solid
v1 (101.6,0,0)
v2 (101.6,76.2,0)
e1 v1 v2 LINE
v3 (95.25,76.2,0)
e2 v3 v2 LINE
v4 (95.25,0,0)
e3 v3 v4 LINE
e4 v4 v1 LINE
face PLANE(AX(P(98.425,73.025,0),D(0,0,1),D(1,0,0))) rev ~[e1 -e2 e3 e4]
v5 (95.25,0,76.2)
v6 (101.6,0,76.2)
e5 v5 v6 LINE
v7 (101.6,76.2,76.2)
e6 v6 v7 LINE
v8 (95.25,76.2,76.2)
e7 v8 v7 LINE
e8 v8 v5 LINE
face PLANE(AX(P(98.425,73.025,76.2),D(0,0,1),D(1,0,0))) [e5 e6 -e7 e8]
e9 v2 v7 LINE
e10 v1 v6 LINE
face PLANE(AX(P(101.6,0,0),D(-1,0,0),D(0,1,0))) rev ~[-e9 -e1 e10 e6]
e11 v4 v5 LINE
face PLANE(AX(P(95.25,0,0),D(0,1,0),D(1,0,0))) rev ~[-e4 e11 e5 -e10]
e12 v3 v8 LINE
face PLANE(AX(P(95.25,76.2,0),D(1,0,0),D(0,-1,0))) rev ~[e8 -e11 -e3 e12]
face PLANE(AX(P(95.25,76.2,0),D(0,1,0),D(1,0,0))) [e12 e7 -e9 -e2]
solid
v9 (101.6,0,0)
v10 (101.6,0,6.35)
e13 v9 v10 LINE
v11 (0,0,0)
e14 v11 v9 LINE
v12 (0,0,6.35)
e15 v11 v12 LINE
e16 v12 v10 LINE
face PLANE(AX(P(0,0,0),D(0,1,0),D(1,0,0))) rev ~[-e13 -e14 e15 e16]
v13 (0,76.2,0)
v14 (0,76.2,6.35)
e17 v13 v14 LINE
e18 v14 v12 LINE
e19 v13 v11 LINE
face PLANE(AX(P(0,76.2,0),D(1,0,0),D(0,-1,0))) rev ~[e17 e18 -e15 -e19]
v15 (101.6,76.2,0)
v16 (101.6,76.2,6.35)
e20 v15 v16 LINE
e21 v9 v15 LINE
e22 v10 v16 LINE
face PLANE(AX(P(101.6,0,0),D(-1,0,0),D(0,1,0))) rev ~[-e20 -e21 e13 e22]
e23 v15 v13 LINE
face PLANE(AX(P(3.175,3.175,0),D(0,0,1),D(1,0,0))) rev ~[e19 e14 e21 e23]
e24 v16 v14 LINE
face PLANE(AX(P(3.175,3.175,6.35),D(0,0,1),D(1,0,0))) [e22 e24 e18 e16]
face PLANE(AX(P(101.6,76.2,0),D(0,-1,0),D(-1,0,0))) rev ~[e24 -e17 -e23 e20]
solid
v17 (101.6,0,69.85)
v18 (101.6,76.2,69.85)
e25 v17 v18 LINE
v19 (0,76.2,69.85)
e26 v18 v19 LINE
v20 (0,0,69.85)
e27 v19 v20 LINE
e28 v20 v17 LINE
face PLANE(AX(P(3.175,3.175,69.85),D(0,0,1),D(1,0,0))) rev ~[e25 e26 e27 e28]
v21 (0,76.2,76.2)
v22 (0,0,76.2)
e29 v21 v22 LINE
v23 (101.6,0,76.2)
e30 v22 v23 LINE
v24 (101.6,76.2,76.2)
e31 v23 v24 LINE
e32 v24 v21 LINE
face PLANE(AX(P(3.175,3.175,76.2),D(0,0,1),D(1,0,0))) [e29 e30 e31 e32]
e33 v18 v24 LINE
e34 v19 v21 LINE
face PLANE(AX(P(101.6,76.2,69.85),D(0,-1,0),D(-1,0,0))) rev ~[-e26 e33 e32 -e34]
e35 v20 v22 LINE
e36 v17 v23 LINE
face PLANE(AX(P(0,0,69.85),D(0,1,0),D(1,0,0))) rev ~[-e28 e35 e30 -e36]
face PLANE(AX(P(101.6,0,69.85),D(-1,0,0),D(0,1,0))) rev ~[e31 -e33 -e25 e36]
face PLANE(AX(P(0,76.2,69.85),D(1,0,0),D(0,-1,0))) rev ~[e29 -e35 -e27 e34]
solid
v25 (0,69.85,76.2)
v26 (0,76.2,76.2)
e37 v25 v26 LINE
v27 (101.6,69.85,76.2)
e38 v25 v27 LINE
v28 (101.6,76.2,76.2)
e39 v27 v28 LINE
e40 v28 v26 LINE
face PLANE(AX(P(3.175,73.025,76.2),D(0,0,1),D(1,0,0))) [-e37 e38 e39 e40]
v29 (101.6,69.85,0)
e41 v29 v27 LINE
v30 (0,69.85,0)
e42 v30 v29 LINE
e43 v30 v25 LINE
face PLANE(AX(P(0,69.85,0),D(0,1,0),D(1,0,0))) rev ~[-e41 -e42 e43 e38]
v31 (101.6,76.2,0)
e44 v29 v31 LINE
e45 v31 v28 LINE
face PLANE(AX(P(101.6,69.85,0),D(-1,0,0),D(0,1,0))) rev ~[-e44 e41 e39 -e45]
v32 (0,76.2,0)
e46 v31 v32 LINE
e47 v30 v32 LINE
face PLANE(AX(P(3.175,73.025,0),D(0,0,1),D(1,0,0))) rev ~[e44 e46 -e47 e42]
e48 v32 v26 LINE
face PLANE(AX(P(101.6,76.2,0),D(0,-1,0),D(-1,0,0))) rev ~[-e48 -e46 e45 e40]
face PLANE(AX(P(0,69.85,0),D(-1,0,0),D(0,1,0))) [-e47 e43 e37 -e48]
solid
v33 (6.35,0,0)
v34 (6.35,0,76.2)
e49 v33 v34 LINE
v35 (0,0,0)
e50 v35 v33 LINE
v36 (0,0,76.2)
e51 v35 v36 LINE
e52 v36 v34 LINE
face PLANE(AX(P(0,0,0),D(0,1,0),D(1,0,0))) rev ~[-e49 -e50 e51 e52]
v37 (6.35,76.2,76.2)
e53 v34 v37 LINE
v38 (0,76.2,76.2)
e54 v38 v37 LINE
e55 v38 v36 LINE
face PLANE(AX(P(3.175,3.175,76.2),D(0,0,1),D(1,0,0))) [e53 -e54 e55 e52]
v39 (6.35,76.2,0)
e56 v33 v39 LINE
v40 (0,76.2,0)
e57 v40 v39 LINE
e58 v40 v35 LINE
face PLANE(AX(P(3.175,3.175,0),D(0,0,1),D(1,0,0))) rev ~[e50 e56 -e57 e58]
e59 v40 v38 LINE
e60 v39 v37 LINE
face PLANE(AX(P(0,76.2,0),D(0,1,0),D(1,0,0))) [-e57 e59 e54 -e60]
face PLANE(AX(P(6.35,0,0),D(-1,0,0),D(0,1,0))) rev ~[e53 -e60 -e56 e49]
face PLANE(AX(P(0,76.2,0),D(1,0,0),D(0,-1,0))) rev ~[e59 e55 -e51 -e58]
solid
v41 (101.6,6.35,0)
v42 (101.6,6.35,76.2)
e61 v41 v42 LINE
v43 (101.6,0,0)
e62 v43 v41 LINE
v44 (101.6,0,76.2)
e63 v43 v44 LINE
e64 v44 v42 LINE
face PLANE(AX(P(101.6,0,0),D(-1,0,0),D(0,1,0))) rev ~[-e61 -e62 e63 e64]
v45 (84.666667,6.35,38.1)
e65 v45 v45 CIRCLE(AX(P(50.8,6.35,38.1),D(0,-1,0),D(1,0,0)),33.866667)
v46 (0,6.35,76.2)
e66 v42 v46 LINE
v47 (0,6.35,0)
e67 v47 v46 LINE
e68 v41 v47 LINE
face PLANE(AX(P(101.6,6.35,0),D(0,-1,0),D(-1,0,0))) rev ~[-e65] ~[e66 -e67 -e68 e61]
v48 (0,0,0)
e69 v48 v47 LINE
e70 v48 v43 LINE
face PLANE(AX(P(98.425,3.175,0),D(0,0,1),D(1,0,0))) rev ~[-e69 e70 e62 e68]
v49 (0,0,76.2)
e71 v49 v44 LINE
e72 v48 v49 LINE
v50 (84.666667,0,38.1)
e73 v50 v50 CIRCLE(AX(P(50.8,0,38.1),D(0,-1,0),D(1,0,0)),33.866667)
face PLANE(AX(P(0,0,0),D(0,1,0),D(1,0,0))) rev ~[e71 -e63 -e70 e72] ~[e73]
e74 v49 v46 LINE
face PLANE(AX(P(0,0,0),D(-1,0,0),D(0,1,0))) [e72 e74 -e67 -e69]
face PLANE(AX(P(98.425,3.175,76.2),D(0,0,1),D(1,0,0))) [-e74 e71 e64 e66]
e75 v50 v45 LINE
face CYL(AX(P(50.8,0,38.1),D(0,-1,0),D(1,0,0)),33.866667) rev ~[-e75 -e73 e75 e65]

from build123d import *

# Parameters (mm, degrees)
F2_W      = 6.35
F2_H      = 6.35
F2_W_2    = 88.9
F3_DEPTH  = 76.2
F4_R      = 33.8666666667
F5_DEPTH  = 6.35
F2_H_2    = 63.5
F6_DEPTH  = 76.2
F7_DEPTH  = 76.2
F8_DEPTH  = 76.2
F9_START  = 69.85
F9_DEPTH  = 6.35
F10_DEPTH = 6.35


with BuildPart() as f3:
    # F2 (on Top) → F3 (new body)
    with BuildSketch(Plane.XY):
        with Locations((98.425, 3.175)):
            Rectangle(F2_W, F2_H)
        with Locations((50.8, 3.175)):
            Rectangle(F2_W_2, F2_H)
        with Locations((3.175, 3.175)):
            Rectangle(F2_W, F2_H)
    extrude(amount=F3_DEPTH)

    # F4 (on face) → F5 (cut, through all)
    with BuildSketch(Plane.XZ):
        with Locations((50.8, 38.1)):
            Circle(F4_R)
    extrude(amount=-F5_DEPTH, mode=Mode.SUBTRACT)


with BuildPart() as f6:
    # F2 (on Top) → F6 (new body)
    with BuildSketch(Plane.XY):
        with Locations((3.175, 3.175)):
            Rectangle(F2_W, F2_H)
        with Locations((3.175, 38.1)):
            Rectangle(F2_W, F2_H_2)
        with Locations((3.175, 73.025)):
            Rectangle(F2_W, F2_H)
    extrude(amount=F6_DEPTH)


with BuildPart() as f7:
    # F2 (on Top) → F7 (new body)
    with BuildSketch(Plane.XY):
        with Locations((3.175, 73.025)):
            Rectangle(F2_W, F2_H)
        with Locations((50.8, 73.025)):
            Rectangle(F2_W_2, F2_H)
        with Locations((98.425, 73.025)):
            Rectangle(F2_W, F2_H)
    extrude(amount=F7_DEPTH)


with BuildPart() as f8:
    # F2 (on Top) → F8 (new body)
    with BuildSketch(Plane.XY):
        with Locations((98.425, 73.025)):
            Rectangle(F2_W, F2_H)
        with Locations((98.425, 38.1)):
            Rectangle(F2_W, F2_H_2)
        with Locations((98.425, 3.175)):
            Rectangle(F2_W, F2_H)
    extrude(amount=F8_DEPTH)


with BuildPart() as f9:
    # F2 (on Top) → F9 (new body)
    with BuildSketch(Plane.XY.offset(F9_START)):
        with Locations((3.175, 3.175)):
            Rectangle(F2_W, F2_H)
        with Locations((3.175, 38.1)):
            Rectangle(F2_W, F2_H_2)
        with Locations((3.175, 73.025)):
            Rectangle(F2_W, F2_H)
        with Locations((50.8, 73.025)):
            Rectangle(F2_W_2, F2_H)
        with Locations((98.425, 73.025)):
            Rectangle(F2_W, F2_H)
        with Locations((98.425, 38.1)):
            Rectangle(F2_W, F2_H_2)
        with Locations((98.425, 3.175)):
            Rectangle(F2_W, F2_H)
        with Locations((50.8, 38.1)):
            Rectangle(F2_W_2, F2_H_2)
        with Locations((50.8, 3.175)):
            Rectangle(F2_W_2, F2_H)
    extrude(amount=F9_DEPTH)


with BuildPart() as f10:
    # F2 (on Top) → F10 (new body)
    with BuildSketch(Plane.XY):
        with Locations((3.175, 3.175)):
            Rectangle(F2_W, F2_H)
        with Locations((3.175, 38.1)):
            Rectangle(F2_W, F2_H_2)
        with Locations((3.175, 73.025)):
            Rectangle(F2_W, F2_H)
        with Locations((50.8, 73.025)):
            Rectangle(F2_W_2, F2_H)
        with Locations((98.425, 73.025)):
            Rectangle(F2_W, F2_H)
        with Locations((98.425, 38.1)):
            Rectangle(F2_W, F2_H_2)
        with Locations((98.425, 3.175)):
            Rectangle(F2_W, F2_H)
        with Locations((50.8, 3.175)):
            Rectangle(F2_W_2, F2_H)
        with Locations((50.8, 38.1)):
            Rectangle(F2_W_2, F2_H_2)
    extrude(amount=F10_DEPTH)


solid = Compound([f3.part, f6.part, f7.part, f8.part, f9.part, f10.part])
